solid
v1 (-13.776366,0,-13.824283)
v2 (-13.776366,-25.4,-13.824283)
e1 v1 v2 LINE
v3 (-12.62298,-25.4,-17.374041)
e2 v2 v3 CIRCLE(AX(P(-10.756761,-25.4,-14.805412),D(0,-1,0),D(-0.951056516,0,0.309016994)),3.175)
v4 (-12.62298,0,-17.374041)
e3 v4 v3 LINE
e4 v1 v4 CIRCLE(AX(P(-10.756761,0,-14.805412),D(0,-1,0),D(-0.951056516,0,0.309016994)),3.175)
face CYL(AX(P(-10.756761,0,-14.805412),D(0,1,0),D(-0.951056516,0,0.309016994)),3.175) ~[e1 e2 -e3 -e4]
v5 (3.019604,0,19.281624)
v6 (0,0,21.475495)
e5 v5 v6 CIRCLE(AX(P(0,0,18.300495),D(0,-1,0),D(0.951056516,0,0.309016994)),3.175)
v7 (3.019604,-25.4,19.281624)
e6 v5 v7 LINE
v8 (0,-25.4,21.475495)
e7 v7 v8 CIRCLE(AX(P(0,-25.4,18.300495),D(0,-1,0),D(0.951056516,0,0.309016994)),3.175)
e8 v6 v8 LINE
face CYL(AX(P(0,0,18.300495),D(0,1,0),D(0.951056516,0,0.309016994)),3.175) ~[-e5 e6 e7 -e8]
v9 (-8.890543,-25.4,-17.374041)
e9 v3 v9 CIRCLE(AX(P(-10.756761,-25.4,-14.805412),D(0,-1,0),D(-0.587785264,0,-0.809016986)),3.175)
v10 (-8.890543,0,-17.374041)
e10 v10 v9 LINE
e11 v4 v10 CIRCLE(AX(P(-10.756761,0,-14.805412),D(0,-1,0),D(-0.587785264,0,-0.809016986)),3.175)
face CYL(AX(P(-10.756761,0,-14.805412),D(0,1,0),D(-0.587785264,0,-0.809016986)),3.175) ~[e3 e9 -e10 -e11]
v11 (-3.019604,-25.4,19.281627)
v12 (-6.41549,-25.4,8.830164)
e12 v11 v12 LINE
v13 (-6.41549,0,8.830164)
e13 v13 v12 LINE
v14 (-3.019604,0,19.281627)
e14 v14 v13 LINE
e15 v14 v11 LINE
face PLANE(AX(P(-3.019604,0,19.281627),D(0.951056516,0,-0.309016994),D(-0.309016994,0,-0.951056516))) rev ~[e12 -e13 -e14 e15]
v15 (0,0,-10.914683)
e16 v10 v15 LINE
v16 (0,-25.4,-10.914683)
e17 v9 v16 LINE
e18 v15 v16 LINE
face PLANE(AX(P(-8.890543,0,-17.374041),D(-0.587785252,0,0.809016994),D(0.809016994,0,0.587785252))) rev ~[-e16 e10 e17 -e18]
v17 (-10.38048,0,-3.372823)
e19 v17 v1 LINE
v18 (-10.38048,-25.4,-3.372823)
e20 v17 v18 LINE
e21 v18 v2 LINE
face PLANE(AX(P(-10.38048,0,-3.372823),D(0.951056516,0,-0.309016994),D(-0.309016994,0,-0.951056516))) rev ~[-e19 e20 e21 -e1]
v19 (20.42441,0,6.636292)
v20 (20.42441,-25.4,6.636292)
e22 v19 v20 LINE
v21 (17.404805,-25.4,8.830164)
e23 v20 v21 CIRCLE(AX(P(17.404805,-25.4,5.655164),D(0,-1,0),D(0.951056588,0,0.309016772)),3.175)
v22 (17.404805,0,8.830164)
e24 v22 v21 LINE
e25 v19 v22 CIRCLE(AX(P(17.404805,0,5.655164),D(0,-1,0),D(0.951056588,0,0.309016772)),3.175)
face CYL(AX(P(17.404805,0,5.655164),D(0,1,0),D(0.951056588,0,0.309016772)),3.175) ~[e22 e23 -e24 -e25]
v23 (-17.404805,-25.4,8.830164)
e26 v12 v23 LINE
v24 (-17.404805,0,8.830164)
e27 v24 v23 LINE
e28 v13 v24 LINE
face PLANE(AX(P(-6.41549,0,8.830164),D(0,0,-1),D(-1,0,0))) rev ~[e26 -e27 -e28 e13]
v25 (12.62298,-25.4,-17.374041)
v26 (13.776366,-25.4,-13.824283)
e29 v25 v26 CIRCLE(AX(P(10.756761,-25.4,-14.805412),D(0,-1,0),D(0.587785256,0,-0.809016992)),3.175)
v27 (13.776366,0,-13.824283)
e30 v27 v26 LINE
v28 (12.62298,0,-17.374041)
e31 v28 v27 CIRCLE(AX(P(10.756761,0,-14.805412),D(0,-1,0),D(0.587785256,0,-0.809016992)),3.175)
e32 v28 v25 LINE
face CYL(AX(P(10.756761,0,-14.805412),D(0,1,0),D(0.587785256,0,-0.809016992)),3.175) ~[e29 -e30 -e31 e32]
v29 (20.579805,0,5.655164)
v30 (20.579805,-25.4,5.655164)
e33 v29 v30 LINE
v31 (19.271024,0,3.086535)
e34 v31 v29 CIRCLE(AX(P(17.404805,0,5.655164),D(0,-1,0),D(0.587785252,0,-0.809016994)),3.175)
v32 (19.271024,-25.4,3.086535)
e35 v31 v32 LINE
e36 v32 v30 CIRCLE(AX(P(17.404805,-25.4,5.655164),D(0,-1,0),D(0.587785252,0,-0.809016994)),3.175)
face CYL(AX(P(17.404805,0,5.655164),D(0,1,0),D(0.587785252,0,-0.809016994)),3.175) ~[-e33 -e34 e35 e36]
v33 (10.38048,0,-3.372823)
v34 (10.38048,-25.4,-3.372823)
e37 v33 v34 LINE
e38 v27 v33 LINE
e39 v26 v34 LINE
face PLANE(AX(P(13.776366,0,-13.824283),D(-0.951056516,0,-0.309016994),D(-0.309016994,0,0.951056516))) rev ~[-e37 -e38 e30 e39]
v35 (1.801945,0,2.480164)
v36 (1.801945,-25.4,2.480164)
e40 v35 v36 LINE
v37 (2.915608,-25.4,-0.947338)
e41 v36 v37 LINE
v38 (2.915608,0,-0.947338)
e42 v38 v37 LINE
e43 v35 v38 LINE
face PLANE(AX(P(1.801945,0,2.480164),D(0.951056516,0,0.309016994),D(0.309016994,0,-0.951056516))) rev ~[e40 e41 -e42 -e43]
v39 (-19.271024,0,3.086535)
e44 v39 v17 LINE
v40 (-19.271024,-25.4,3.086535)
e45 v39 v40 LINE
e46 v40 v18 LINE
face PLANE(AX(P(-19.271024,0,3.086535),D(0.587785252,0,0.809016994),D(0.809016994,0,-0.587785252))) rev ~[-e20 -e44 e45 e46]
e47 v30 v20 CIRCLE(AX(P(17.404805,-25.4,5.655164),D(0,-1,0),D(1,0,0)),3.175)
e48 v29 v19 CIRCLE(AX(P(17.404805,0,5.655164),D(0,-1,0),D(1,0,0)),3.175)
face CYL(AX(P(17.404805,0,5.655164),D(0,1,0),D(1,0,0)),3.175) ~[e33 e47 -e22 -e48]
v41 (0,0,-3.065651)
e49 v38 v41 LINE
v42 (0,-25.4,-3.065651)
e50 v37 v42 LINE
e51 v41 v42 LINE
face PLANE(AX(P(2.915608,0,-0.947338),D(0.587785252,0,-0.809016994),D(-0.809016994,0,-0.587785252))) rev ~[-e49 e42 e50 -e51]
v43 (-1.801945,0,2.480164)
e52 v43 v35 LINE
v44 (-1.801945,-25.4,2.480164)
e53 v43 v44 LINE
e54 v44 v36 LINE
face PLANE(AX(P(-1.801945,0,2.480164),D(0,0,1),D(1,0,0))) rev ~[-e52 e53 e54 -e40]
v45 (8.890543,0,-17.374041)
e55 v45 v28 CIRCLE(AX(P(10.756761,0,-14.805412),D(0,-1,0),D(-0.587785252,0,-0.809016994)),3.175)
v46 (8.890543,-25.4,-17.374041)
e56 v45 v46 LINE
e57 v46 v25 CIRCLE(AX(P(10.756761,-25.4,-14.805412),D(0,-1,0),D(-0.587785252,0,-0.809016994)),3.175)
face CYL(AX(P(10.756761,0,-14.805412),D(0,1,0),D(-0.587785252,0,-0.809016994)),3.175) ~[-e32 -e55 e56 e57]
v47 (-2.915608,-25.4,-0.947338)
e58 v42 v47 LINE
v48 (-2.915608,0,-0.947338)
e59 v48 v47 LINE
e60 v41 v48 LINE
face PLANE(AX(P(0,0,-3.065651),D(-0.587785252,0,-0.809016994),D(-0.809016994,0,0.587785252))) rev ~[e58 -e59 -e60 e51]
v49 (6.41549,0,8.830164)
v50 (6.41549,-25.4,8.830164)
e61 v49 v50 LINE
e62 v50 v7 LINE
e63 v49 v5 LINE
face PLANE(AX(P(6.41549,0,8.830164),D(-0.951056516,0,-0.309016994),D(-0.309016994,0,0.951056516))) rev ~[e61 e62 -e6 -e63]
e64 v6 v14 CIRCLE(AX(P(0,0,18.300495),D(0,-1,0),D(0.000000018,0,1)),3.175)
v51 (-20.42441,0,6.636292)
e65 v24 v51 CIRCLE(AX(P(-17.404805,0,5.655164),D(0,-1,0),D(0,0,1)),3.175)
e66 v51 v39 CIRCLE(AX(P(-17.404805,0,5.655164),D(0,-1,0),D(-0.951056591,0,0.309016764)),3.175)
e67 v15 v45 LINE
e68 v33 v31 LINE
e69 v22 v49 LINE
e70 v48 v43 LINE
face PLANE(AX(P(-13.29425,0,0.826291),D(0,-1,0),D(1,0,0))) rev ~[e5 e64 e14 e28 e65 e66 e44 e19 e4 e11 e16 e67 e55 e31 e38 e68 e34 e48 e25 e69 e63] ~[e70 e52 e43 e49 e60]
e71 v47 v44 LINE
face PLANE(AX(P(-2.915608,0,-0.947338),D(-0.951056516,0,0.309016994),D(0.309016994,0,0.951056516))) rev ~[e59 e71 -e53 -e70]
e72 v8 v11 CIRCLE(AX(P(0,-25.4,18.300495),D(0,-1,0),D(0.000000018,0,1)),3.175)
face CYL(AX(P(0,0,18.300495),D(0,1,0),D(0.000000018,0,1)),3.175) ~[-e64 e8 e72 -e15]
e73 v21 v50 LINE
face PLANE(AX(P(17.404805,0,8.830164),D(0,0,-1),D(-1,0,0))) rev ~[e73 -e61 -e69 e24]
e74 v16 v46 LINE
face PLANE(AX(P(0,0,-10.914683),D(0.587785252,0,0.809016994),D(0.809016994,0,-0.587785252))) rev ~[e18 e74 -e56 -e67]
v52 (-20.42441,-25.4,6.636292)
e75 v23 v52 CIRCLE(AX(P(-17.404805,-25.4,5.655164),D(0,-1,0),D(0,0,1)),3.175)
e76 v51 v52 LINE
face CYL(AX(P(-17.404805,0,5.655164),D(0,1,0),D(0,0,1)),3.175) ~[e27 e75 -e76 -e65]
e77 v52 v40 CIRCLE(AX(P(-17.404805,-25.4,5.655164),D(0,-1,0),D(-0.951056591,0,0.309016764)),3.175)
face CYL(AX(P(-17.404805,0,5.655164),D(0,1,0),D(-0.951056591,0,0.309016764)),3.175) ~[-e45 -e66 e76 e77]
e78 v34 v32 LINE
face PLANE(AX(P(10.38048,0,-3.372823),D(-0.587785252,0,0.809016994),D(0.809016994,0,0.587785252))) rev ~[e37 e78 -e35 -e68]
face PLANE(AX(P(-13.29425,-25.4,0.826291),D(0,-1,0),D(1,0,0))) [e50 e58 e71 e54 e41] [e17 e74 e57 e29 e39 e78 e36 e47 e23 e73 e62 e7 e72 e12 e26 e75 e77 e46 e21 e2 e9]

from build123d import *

# Parameters (mm, degrees)
F1_DEPTH = 25.4
F2_DEPTH = 25.4
F3_DEPTH = 25.4
F4_DEPTH = 25.4
F5_DEPTH = 25.4


with BuildPart() as f1:
    # F0 (on Front) → F1 (new body)
    with BuildSketch(Plane.XZ):
        with BuildLine():
            ThreePointArc((3.0196044392, 17.3193664988), (3.1359104814, 17.8038160294), (3.175, 18.3004954559))
            ThreePointArc((3.175, 18.3004954559), (3.1359104814, 18.7971748824), (3.0196044392, 19.2816244131))
            ThreePointArc((3.0196044392, 19.2816244131), (1.8662181994, 20.8691243961), (5.78e-08, 21.4754954559))
            ThreePointArc((5.78e-08, 21.4754954559), (-1.866217236, 20.869125096), (-3.019603739, 19.2816265682))
            ThreePointArc((-3.019603739, 19.2816265682), (-3.175, 18.3004954559), (-3.019603739, 17.3193643436))
            ThreePointArc((-3.019603739, 17.3193643436), (1.133e-06, 15.1254954559), (3.0196044392, 17.3193664988))
        make_face()
        with BuildLine():
            Line((0.261295375, 8.8301641014), (3.0196044392, 17.3193664988))
            ThreePointArc((3.0196044392, 17.3193664988), (1.133e-06, 15.1254954559), (-3.019603739, 17.3193643436))
            Line((-3.019603739, 17.3193643436), (-0.261295375, 8.8301641014))
            Line((-0.261295375, 8.8301641014), (0.261295375, 8.8301641014))
        make_face()
        with BuildLine():
            Line((-0.261295375, 8.8301641014), (-3.019603739, 17.3193643436))
            ThreePointArc((-3.019603739, 17.3193643436), (-3.175, 18.3004954559), (-3.019603739, 19.2816265682))
            Line((-3.019603739, 19.2816265682), (-6.4154897489, 8.8301641014))
            Line((-6.4154897489, 8.8301641014), (-0.261295375, 8.8301641014))
        make_face()
        Polygon((0, 8.0259796274), (-0.261295375, 8.8301641014), (-6.4154897489, 8.8301641014), (-8.3172403971, 2.9771774395), (-7.6331602243, 2.4801641014), (-1.8019446961, 2.4801641014), align=None)
        Polygon((-2.9156077641, -0.947338389), (-1.8019446961, 2.4801641014), (-7.6331602243, 2.4801641014), align=None)
        Polygon((-4.7175524602, -6.493153915), (-2.9156077641, -0.947338389), (-7.6331602243, 2.4801641014), (-8.47872982, 2.4801641014), (-10.3804804682, -3.3728225605), (-5.401632633, -6.9901672532), align=None)
        with BuildLine():
            Line((-5.401632633, -6.9901672532), (-10.3804804682, -3.3728225605))
            Line((-10.3804804682, -3.3728225605), (-13.7763657779, -13.8242828722))
            ThreePointArc((-13.7763657779, -13.8242828722), (-13.3253902958, -12.9391936533), (-12.6229795147, -12.2367828722))
            Line((-12.6229795147, -12.2367828722), (-5.401632633, -6.9901672532))
        make_face()
        with BuildLine():
            Line((-4.9788478352, -7.297338389), (-5.401632633, -6.9901672532))
            Line((-5.401632633, -6.9901672532), (-12.6229795147, -12.2367828722))
            ThreePointArc((-12.6229795147, -12.2367828722), (-9.315341502, -11.976466115), (-7.5817613386, -14.8054118293))
            ThreePointArc((-7.5817613386, -14.8054118293), (-7.6208508572, -15.3020912558), (-7.7371568994, -15.7865407865))
            Line((-7.7371568994, -15.7865407865), (-4.9788478352, -7.297338389))
        make_face()
        with BuildLine():
            ThreePointArc((-13.7763657779, -13.8242828722), (-13.7763657849, -15.7865407647), (-12.6229795517, -17.3740407596))
            ThreePointArc((-12.6229795517, -17.3740407596), (-10.7567613615, -17.9804118293), (-8.8905431626, -17.3740407865))
            ThreePointArc((-8.8905431626, -17.3740407865), (-8.1881323815, -16.6716300054), (-7.7371568994, -15.7865407865))
            ThreePointArc((-7.7371568994, -15.7865407865), (-7.6208508572, -15.3020912558), (-7.5817613386, -14.8054118293))
            ThreePointArc((-7.5817613386, -14.8054118293), (-9.315341502, -11.976466115), (-12.6229795147, -12.2367828722))
            ThreePointArc((-12.6229795147, -12.2367828722), (-13.3253902958, -12.9391936533), (-13.7763657779, -13.8242828722))
        make_face()
        Polygon((0, 8.0259796274), (0.261295375, 8.8301641014), (-0.261295375, 8.8301641014), align=None)
        Polygon((-4.9788478352, -7.297338389), (-4.7175524602, -6.493153915), (-5.401632633, -6.9901672532), align=None)
        Polygon((-7.6331602243, 2.4801641014), (-8.3172403971, 2.9771774395), (-8.47872982, 2.4801641014), align=None)
    extrude(amount=F1_DEPTH)

    # F0 (on Front) → F2 (join)
    with BuildSketch(Plane.XZ):
        with BuildLine():
            ThreePointArc((-17.4048054548, 8.8301641014), (-19.2710239415, 8.2237928328), (-20.4244101314, 6.636292328))
            ThreePointArc((-20.4244101314, 6.636292328), (-20.4244097753, 4.674034779), (-19.2710236308, 3.0865351442))
            ThreePointArc((-19.2710236308, 3.0865351442), (-18.3859344119, 2.6355596621), (-17.4048054548, 2.4801641014))
            ThreePointArc((-17.4048054548, 2.4801641014), (-15.1597414245, 3.4101000711), (-14.2298054548, 5.6551641014))
            ThreePointArc((-14.2298054548, 5.6551641014), (-14.5758597405, 7.096583938), (-15.5385872788, 8.2237930585))
            ThreePointArc((-15.5385872788, 8.2237930585), (-16.4236764976, 8.6747685406), (-17.4048054548, 8.8301641014))
        make_face()
        with BuildLine():
            Line((-8.3172403971, 2.9771774395), (-6.4154897489, 8.8301641014))
            Line((-6.4154897489, 8.8301641014), (-17.4048054548, 8.8301641014))
            ThreePointArc((-17.4048054548, 8.8301641014), (-16.4236764976, 8.6747685406), (-15.5385872788, 8.2237930585))
            Line((-15.5385872788, 8.2237930585), (-8.3172403971, 2.9771774395))
        make_face()
        with BuildLine():
            Line((-8.47872982, 2.4801641014), (-8.3172403971, 2.9771774395))
            Line((-8.3172403971, 2.9771774395), (-15.5385872788, 8.2237930585))
            ThreePointArc((-15.5385872788, 8.2237930585), (-14.5758597405, 7.096583938), (-14.2298054548, 5.6551641014))
            ThreePointArc((-14.2298054548, 5.6551641014), (-15.1597414245, 3.4101000711), (-17.4048054548, 2.4801641014))
            Line((-17.4048054548, 2.4801641014), (-8.47872982, 2.4801641014))
        make_face()
        Polygon((1.8019446961, 2.4801641014), (0, 8.0259796274), (-1.8019446961, 2.4801641014), align=None)
        Polygon((8.3172403971, 2.9771774395), (6.4154897489, 8.8301641014), (0.261295375, 8.8301641014), (0, 8.0259796274), (1.8019446961, 2.4801641014), (7.6331602243, 2.4801641014), align=None)
        with BuildLine():
            Line((17.4048054548, 8.8301641014), (6.4154897489, 8.8301641014))
            Line((6.4154897489, 8.8301641014), (8.3172403971, 2.9771774395))
            Line((8.3172403971, 2.9771774395), (15.5385872788, 8.2237930585))
            ThreePointArc((15.5385872788, 8.2237930585), (16.4236764976, 8.6747685406), (17.4048054548, 8.8301641014))
        make_face()
        with BuildLine():
            Line((15.5385872788, 8.2237930585), (8.3172403971, 2.9771774395))
            Line((8.3172403971, 2.9771774395), (8.47872982, 2.4801641014))
            Line((8.47872982, 2.4801641014), (17.4048054548, 2.4801641014))
            ThreePointArc((17.4048054548, 2.4801641014), (14.3852010155, 4.6740351442), (15.5385872788, 8.2237930585))
        make_face()
        with BuildLine():
            ThreePointArc((20.4244101232, 6.6362923532), (19.2710239308, 8.2237928405), (17.4048054548, 8.8301641014))
            ThreePointArc((17.4048054548, 8.8301641014), (16.4236764976, 8.6747685406), (15.5385872788, 8.2237930585))
            ThreePointArc((15.5385872788, 8.2237930585), (14.3852010155, 4.6740351442), (17.4048054548, 2.4801641014))
            ThreePointArc((17.4048054548, 2.4801641014), (18.3859344119, 2.6355596621), (19.2710236308, 3.0865351442))
            ThreePointArc((19.2710236308, 3.0865351442), (20.2337511691, 4.2137442647), (20.5798054548, 5.6551641014))
            ThreePointArc((20.5798054548, 5.6551641014), (20.5407159942, 6.1518431616), (20.4244101232, 6.6362923532))
        make_face()
        Polygon((8.47872982, 2.4801641014), (8.3172403971, 2.9771774395), (7.6331602243, 2.4801641014), align=None)
    extrude(amount=F2_DEPTH)

    # F0 (on Front) → F3 (join)
    with BuildSketch(Plane.XZ):
        with BuildLine():
            ThreePointArc((3.0196044392, 19.2816244131), (3.1359104814, 18.7971748824), (3.175, 18.3004954559))
            ThreePointArc((3.175, 18.3004954559), (3.1359104814, 17.8038160294), (3.0196044392, 17.3193664988))
            Line((3.0196044392, 17.3193664988), (0.261295375, 8.8301641014))
            Line((0.261295375, 8.8301641014), (6.4154897489, 8.8301641014))
            Line((6.4154897489, 8.8301641014), (3.0196044392, 19.2816244131))
        make_face()
        Polygon((2.9156077641, -0.947338389), (7.6331602243, 2.4801641014), (1.8019446961, 2.4801641014), align=None)
        Polygon((10.3804804682, -3.3728225605), (8.47872982, 2.4801641014), (7.6331602243, 2.4801641014), (2.9156077641, -0.947338389), (4.7175524602, -6.493153915), (5.401632633, -6.9901672532), align=None)
        with BuildLine():
            Line((13.7763657779, -13.8242828722), (10.3804804682, -3.3728225605))
            Line((10.3804804682, -3.3728225605), (5.401632633, -6.9901672532))
            Line((5.401632633, -6.9901672532), (12.6229795147, -12.2367828722))
            ThreePointArc((12.6229795147, -12.2367828722), (13.3253902958, -12.9391936533), (13.7763657779, -13.8242828722))
        make_face()
        with BuildLine():
            Line((12.6229795147, -12.2367828722), (5.401632633, -6.9901672532))
            Line((5.401632633, -6.9901672532), (4.9788478352, -7.297338389))
            Line((4.9788478352, -7.297338389), (7.7371568994, -15.7865407865))
            ThreePointArc((7.7371568994, -15.7865407865), (8.8905431626, -12.2367828722), (12.6229795147, -12.2367828722))
        make_face()
        with BuildLine():
            ThreePointArc((8.8905431626, -17.3740407865), (10.7567613452, -17.9804118293), (12.6229795253, -17.3740407787))
            ThreePointArc((12.6229795253, -17.3740407787), (13.5857070559, -16.2468316601), (13.9317613386, -14.8054118293))
            ThreePointArc((13.9317613386, -14.8054118293), (13.89267182, -14.3087324028), (13.7763657779, -13.8242828722))
            ThreePointArc((13.7763657779, -13.8242828722), (13.3253902958, -12.9391936533), (12.6229795147, -12.2367828722))
            ThreePointArc((12.6229795147, -12.2367828722), (8.8905431626, -12.2367828722), (7.7371568994, -15.7865407865))
            ThreePointArc((7.7371568994, -15.7865407865), (8.1881323815, -16.6716300054), (8.8905431626, -17.3740407865))
        make_face()
        Polygon((4.9788478352, -7.297338389), (5.401632633, -6.9901672532), (4.7175524602, -6.493153915), align=None)
    extrude(amount=F3_DEPTH)

    # F0 (on Front) → F4 (join)
    with BuildSketch(Plane.XZ):
        with BuildLine():
            ThreePointArc((-7.7371568994, -15.7865407865), (-8.1881323815, -16.6716300054), (-8.8905431626, -17.3740407865))
            Line((-8.8905431626, -17.3740407865), (0, -10.9146830818))
            Line((0, -10.9146830818), (-4.9788478352, -7.297338389))
            Line((-4.9788478352, -7.297338389), (-7.7371568994, -15.7865407865))
        make_face()
        Polygon((4.9788478352, -7.297338389), (4.7175524602, -6.493153915), (0, -3.0656514246), (-4.7175524602, -6.493153915), (-4.9788478352, -7.297338389), (0, -10.9146830818), align=None)
        Polygon((4.7175524602, -6.493153915), (2.9156077641, -0.947338389), (0, -3.0656514246), align=None)
        with BuildLine():
            Line((17.4048054548, 2.4801641014), (8.47872982, 2.4801641014))
            Line((8.47872982, 2.4801641014), (10.3804804682, -3.3728225605))
            Line((10.3804804682, -3.3728225605), (19.2710236308, 3.0865351442))
            ThreePointArc((19.2710236308, 3.0865351442), (18.3859344119, 2.6355596621), (17.4048054548, 2.4801641014))
        make_face()
    extrude(amount=F4_DEPTH)

    # F0 (on Front) → F5 (join)
    with BuildSketch(Plane.XZ):
        with BuildLine():
            ThreePointArc((-17.4048054548, 2.4801641014), (-18.3859344119, 2.6355596621), (-19.2710236308, 3.0865351442))
            Line((-19.2710236308, 3.0865351442), (-10.3804804682, -3.3728225605))
            Line((-10.3804804682, -3.3728225605), (-8.47872982, 2.4801641014))
            Line((-8.47872982, 2.4801641014), (-17.4048054548, 2.4801641014))
        make_face()
        Polygon((0, -3.0656514246), (-2.9156077641, -0.947338389), (-4.7175524602, -6.493153915), align=None)
        with BuildLine():
            Line((0, -10.9146830818), (8.8905431626, -17.3740407865))
            ThreePointArc((8.8905431626, -17.3740407865), (8.1881323815, -16.6716300054), (7.7371568994, -15.7865407865))
            Line((7.7371568994, -15.7865407865), (4.9788478352, -7.297338389))
            Line((4.9788478352, -7.297338389), (0, -10.9146830818))
        make_face()
    extrude(amount=F5_DEPTH)


solid = f1.part
